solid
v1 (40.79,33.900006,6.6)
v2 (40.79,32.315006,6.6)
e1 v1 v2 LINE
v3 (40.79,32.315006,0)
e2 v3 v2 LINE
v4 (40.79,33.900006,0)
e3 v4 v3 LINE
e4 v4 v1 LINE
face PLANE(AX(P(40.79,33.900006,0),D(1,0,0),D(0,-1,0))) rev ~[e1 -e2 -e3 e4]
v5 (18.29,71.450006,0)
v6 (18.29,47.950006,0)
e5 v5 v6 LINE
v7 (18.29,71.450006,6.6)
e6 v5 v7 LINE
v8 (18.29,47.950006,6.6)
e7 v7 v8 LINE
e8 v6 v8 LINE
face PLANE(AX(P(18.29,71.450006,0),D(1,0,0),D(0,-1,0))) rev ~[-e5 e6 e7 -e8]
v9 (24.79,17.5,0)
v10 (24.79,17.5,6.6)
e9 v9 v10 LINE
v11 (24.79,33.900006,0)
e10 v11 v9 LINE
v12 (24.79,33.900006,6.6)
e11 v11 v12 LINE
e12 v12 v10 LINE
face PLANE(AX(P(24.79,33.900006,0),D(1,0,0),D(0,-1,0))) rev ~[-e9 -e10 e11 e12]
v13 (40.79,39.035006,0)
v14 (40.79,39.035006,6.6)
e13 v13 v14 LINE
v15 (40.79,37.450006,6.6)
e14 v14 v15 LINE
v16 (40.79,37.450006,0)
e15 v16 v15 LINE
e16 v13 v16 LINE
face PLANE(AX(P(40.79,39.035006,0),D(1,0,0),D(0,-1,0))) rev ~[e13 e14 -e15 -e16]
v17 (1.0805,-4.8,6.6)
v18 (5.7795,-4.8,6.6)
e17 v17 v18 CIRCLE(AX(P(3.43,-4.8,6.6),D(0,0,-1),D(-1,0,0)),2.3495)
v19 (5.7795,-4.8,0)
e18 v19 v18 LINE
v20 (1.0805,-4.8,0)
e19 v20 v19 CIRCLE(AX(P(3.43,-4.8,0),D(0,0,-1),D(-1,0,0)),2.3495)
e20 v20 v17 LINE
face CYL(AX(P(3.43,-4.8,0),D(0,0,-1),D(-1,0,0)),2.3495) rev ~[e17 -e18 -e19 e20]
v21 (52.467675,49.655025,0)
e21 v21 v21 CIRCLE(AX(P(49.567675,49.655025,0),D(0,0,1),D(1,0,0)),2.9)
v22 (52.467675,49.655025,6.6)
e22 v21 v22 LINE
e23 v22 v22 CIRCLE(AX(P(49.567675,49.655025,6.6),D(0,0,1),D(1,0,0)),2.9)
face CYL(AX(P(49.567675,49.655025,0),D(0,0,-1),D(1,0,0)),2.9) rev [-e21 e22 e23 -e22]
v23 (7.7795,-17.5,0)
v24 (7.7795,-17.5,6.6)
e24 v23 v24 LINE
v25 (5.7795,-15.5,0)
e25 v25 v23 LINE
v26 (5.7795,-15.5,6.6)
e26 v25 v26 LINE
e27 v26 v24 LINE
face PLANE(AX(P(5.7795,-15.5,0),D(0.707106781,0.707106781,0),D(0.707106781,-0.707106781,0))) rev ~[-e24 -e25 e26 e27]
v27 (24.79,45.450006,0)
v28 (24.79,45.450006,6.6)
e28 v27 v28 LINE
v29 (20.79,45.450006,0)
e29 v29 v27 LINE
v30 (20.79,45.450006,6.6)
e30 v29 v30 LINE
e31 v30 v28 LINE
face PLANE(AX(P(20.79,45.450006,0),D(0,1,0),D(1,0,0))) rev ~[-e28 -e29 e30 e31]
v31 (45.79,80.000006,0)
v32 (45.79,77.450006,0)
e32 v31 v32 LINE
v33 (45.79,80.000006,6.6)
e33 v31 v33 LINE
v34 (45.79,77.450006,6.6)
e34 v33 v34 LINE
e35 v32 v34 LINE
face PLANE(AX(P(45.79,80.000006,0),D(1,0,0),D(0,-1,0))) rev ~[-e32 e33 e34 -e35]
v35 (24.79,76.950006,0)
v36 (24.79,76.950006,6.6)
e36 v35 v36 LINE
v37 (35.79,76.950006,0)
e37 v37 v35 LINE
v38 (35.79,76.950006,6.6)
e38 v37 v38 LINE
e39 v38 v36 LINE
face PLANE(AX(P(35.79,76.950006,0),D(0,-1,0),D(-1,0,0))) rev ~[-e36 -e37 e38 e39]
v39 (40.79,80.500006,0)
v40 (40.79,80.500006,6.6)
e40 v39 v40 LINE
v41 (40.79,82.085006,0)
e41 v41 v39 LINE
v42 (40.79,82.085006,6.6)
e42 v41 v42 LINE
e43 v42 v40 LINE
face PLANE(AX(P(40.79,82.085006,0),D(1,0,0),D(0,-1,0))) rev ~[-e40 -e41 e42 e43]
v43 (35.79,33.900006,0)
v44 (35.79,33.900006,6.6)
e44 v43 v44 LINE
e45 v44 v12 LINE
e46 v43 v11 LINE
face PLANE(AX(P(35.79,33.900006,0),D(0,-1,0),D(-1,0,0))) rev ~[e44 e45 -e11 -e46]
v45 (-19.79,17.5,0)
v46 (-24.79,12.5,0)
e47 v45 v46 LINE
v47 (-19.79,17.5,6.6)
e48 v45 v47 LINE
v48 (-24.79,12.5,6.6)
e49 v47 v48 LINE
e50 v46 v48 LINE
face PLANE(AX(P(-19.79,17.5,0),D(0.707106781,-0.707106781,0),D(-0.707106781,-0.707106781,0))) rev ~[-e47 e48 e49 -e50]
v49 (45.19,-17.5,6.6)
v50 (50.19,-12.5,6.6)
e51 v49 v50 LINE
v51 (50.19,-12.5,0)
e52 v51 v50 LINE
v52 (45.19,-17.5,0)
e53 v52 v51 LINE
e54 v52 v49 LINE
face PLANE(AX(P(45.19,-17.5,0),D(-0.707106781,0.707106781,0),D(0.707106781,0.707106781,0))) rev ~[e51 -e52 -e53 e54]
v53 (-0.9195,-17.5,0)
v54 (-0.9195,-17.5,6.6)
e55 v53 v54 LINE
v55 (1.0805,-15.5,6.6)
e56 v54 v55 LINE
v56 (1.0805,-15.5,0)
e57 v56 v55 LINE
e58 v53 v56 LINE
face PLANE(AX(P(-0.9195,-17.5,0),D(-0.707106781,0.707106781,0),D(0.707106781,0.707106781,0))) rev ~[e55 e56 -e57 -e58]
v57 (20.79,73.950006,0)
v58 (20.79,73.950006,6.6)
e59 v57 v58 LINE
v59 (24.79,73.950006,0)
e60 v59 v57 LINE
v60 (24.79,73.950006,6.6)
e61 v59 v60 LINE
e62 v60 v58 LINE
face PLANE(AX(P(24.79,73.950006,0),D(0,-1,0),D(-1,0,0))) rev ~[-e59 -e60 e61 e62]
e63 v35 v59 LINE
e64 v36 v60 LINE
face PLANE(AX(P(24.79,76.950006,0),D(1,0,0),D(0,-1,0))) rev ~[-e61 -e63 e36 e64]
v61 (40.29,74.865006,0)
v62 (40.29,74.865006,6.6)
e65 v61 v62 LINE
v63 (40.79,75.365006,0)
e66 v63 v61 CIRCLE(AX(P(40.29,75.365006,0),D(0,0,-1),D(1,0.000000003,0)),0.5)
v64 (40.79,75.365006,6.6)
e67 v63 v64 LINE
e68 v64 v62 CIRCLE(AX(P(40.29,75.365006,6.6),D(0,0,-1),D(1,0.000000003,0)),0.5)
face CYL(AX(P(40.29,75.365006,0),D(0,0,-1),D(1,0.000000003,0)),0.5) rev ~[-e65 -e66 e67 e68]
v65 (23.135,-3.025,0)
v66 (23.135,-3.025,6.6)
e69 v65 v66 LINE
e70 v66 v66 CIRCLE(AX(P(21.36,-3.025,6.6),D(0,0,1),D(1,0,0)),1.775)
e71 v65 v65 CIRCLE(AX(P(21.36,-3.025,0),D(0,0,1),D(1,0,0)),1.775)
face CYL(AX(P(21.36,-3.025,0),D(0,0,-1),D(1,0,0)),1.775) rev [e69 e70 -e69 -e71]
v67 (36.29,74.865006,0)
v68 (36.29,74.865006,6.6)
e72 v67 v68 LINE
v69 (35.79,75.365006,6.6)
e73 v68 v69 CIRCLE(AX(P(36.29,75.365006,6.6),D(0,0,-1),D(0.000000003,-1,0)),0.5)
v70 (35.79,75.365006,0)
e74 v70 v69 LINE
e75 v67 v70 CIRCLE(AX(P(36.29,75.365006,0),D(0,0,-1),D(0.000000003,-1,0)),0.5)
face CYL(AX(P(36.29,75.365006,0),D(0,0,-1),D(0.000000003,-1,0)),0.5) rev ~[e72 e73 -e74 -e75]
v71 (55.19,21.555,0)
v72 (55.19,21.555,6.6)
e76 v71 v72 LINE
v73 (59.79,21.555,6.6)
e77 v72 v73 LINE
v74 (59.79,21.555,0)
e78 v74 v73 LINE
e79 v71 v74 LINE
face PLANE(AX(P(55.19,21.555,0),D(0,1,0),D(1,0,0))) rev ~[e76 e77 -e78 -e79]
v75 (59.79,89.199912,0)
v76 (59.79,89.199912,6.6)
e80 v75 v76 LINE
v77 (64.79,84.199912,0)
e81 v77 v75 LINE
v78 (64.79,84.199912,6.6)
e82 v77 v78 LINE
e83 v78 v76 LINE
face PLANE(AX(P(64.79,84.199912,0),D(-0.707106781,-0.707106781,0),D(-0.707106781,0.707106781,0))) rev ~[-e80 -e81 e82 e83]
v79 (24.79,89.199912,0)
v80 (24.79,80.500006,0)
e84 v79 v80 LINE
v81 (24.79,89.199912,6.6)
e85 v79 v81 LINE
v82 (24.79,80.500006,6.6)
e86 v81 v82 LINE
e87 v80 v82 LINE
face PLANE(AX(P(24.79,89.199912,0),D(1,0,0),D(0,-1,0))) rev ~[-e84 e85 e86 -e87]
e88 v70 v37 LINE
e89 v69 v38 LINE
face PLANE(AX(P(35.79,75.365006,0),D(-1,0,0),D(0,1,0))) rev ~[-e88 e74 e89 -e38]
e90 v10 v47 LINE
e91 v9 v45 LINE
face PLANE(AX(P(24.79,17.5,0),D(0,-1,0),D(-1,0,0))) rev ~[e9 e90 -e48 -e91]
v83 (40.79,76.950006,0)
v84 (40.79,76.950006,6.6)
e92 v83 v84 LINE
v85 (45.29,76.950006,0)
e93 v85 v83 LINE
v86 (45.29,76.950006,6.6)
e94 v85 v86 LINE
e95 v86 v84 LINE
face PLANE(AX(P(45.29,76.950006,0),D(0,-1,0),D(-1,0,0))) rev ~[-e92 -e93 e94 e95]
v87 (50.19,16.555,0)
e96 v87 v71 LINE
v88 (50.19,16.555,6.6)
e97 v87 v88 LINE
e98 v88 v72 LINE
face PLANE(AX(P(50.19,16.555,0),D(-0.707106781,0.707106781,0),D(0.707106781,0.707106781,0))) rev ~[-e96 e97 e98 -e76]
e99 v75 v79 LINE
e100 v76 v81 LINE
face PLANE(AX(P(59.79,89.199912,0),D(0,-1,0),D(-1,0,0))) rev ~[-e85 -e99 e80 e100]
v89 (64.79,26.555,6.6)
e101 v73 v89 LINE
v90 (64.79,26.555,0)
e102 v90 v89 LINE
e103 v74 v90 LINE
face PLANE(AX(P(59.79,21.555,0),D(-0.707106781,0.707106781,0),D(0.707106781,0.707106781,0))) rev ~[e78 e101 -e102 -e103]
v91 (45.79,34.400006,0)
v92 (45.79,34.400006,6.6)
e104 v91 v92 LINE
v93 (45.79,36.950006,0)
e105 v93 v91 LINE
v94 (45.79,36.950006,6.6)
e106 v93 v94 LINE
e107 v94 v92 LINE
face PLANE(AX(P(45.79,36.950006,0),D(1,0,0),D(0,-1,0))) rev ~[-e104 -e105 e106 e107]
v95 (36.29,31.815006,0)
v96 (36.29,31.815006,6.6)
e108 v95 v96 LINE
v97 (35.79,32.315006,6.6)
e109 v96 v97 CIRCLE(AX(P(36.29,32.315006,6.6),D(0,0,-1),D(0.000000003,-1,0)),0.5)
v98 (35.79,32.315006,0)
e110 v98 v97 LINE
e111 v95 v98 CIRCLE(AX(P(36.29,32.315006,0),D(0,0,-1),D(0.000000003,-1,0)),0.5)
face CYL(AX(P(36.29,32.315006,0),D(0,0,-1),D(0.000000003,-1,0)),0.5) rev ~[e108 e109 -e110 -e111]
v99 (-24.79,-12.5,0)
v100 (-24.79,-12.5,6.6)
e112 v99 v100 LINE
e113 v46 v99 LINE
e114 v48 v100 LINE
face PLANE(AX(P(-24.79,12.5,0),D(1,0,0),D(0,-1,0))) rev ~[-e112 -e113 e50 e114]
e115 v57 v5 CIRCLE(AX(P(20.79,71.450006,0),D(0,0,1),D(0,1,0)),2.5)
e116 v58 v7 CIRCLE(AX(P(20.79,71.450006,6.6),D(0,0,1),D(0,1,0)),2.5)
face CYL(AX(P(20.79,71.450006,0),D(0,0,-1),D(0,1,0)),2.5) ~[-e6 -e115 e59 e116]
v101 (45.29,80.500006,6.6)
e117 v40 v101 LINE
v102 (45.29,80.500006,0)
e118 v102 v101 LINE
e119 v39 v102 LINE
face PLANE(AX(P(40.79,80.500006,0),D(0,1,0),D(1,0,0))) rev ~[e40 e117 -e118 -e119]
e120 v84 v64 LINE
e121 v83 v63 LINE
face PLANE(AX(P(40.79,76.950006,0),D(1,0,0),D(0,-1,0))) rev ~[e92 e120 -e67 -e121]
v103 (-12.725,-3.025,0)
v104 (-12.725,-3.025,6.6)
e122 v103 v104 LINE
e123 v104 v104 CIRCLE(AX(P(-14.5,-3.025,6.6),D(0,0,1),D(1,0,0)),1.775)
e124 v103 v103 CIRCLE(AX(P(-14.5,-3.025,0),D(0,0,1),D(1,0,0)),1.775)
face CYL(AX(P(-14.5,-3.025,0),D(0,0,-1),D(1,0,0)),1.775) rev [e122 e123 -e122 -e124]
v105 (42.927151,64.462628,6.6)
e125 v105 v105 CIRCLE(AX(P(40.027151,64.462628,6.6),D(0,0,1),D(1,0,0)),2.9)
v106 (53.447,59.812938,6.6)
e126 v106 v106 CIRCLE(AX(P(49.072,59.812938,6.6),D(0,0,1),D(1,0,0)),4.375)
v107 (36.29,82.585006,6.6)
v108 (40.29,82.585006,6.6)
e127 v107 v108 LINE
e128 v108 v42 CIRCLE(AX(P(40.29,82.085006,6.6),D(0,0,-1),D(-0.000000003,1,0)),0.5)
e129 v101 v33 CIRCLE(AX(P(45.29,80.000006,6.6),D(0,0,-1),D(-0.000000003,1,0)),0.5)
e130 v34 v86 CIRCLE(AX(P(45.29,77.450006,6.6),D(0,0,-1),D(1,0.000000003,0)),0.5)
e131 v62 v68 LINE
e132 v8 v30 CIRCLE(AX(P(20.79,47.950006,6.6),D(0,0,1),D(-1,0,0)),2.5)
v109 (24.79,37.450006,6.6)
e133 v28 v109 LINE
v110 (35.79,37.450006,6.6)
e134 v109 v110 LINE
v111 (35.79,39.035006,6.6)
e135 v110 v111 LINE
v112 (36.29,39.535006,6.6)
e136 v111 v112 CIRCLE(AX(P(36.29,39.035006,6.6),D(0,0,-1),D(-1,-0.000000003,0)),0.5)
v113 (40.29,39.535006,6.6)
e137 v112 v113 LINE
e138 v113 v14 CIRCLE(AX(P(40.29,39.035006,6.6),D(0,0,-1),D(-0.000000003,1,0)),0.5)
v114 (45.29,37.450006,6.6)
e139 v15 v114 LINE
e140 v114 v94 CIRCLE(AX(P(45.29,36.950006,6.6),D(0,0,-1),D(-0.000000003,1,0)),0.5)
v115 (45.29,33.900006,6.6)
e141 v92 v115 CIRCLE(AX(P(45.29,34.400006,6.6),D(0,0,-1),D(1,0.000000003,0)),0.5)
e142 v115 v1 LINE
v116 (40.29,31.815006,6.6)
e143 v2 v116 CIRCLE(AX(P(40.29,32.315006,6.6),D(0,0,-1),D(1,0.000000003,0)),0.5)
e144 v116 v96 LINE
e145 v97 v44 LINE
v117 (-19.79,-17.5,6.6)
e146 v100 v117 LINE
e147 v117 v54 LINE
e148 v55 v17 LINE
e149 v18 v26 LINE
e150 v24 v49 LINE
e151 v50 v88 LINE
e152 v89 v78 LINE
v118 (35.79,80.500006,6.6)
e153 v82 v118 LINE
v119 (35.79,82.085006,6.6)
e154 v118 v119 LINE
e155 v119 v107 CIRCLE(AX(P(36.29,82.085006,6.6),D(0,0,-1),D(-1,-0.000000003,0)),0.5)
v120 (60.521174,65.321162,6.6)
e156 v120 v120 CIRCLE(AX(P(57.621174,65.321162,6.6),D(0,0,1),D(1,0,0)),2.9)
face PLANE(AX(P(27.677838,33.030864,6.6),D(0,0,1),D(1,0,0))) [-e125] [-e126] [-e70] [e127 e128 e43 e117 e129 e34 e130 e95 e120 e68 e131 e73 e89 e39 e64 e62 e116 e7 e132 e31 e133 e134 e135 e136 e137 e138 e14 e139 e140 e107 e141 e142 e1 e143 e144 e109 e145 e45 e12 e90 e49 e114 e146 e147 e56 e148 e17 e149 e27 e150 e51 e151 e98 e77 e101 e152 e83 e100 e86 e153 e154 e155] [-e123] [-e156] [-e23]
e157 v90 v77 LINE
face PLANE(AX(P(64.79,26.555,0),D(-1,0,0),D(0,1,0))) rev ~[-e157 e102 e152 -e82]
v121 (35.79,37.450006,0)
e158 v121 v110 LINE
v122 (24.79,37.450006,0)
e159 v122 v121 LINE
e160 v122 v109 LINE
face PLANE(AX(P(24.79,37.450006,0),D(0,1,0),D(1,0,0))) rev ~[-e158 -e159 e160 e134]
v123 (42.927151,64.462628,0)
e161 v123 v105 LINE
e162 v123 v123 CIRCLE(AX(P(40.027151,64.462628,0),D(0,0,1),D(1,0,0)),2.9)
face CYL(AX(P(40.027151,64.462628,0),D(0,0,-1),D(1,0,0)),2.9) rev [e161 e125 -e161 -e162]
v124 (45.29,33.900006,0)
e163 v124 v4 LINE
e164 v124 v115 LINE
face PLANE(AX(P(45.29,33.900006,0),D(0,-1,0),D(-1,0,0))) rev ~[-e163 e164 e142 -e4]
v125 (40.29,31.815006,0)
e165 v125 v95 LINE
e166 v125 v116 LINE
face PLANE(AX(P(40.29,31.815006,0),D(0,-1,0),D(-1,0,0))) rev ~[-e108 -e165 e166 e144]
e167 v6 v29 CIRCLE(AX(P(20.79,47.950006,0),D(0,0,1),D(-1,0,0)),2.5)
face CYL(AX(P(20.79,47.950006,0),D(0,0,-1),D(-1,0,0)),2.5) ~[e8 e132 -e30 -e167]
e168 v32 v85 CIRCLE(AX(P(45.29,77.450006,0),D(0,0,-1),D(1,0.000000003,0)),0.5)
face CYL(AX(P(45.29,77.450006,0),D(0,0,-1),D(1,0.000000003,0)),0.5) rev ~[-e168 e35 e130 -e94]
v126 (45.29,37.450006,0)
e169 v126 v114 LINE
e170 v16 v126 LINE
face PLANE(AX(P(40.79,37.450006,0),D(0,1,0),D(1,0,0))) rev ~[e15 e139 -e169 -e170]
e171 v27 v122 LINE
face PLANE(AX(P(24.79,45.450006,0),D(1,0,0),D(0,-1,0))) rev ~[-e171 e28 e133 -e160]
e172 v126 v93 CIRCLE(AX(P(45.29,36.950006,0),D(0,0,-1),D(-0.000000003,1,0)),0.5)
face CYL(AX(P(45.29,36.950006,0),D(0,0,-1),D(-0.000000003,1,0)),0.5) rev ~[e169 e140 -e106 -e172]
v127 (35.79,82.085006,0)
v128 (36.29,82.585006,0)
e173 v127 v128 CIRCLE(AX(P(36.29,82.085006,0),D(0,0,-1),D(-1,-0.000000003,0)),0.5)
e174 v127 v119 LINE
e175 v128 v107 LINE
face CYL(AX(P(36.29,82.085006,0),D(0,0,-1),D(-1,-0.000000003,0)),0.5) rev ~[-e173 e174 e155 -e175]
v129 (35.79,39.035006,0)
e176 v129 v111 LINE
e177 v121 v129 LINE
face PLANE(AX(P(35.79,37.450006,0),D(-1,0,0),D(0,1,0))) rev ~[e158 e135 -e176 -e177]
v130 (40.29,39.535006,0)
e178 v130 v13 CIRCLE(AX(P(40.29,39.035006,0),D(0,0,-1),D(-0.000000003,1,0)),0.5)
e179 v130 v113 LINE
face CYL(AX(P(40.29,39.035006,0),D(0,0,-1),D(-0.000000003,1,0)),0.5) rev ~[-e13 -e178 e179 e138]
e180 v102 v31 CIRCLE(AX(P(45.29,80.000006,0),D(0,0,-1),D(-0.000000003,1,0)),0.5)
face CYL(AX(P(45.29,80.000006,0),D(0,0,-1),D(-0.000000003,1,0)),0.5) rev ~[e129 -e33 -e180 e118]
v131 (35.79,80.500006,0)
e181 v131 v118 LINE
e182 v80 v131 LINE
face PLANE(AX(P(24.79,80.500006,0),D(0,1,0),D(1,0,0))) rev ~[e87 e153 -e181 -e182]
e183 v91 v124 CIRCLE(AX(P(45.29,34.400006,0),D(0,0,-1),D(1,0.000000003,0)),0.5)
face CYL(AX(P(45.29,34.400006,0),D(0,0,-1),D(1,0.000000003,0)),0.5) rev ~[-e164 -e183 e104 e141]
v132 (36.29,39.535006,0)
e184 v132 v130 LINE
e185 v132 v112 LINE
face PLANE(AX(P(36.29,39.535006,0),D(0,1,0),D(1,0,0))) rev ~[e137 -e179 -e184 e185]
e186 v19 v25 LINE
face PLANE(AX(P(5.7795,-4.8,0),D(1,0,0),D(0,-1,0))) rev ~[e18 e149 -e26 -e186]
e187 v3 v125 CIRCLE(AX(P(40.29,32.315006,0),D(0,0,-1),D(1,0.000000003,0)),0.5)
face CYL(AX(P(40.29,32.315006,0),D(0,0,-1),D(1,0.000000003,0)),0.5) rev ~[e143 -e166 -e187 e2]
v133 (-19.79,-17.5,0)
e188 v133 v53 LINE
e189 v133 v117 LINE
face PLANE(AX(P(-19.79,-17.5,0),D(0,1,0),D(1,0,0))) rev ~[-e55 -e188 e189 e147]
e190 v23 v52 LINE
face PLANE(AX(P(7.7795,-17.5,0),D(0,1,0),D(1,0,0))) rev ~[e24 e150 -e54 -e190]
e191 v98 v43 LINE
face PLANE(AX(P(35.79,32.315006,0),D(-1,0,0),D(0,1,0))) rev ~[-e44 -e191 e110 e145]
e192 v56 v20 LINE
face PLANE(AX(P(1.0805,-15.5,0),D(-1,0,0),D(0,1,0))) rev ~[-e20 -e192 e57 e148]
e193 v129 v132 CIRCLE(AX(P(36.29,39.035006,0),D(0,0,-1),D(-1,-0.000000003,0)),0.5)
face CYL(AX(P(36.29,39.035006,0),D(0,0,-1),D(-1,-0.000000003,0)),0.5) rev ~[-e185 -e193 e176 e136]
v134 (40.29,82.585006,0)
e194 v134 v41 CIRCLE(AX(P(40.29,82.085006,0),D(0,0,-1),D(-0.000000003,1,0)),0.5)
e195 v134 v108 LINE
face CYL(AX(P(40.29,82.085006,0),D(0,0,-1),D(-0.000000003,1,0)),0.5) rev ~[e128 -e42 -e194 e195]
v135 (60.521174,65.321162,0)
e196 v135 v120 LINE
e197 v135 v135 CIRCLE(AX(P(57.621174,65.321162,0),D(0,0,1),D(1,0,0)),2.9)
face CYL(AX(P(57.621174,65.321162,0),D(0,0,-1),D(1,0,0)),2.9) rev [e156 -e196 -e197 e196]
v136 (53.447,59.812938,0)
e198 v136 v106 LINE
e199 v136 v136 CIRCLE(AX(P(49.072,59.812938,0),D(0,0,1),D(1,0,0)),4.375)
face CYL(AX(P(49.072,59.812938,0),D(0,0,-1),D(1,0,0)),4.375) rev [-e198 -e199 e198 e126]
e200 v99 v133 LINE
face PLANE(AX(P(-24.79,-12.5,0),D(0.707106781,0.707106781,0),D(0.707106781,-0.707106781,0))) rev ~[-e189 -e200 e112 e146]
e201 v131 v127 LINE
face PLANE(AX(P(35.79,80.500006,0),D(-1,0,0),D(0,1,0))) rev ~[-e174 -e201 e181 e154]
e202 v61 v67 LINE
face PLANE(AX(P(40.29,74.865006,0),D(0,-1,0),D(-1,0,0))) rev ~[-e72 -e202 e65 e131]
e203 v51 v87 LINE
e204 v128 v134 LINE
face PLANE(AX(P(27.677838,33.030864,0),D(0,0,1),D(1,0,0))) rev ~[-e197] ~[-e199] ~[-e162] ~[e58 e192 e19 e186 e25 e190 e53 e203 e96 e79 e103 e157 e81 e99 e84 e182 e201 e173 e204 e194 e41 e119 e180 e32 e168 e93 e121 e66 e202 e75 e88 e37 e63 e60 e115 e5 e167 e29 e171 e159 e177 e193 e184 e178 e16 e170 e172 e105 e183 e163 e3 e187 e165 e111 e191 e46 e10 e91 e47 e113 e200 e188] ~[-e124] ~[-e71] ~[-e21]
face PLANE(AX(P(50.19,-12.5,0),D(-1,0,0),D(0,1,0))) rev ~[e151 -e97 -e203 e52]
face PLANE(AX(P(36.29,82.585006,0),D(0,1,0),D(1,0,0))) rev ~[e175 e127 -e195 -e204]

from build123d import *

# Parameters (mm, degrees)
MODEL_R             = 4.375
MODEL_R_2           = 2.9
MODEL_R_3           = 1.775
BOSS_EXTRUDE1_DEPTH = 6.6


with BuildPart() as part:
    # Model → Boss-Extrude1 (new body)
    with BuildSketch(Plane.XY):
        with BuildLine():
            Line((-24.79, -12.5), (-19.79, -17.5))
            Line((-19.79, -17.5), (-0.9195, -17.5))
            Line((-0.9195, -17.5), (1.0805, -15.5))
            Line((1.0805, -15.5), (1.0805, -4.8))
            ThreePointArc((1.0805, -4.8), (3.43, -2.4505), (5.7795, -4.8))
            Line((5.7795, -4.8), (5.7795, -15.5))
            Line((5.7795, -15.5), (7.7795, -17.5))
            Line((7.7795, -17.5), (45.19, -17.5))
            Line((45.19, -17.5), (50.19, -12.5))
            Line((50.19, -12.5), (50.19, 16.555))
            Line((50.19, 16.555), (55.19, 21.555))
            Line((55.19, 21.555), (59.79, 21.555))
            Line((59.79, 21.555), (64.79, 26.555))
            Line((64.79, 26.555), (64.79, 84.19991216))
            Line((64.79, 84.19991216), (59.79, 89.19991216))
            Line((59.79, 89.19991216), (24.79, 89.19991216))
            Line((24.79, 89.19991216), (24.79, 80.500006241))
            Line((24.79, 80.500006241), (35.79, 80.500006241))
            Line((35.79, 80.500006241), (35.79, 82.085006241))
            ThreePointArc((35.79, 82.085006241), (35.936446609, 82.438559632), (36.29, 82.585006241))
            Line((36.29, 82.585006241), (40.29, 82.585006241))
            ThreePointArc((40.29, 82.585006241), (40.643553391, 82.438559632), (40.79, 82.085006241))
            Line((40.79, 82.085006241), (40.79, 80.500006241))
            Line((40.79, 80.500006241), (45.29, 80.500006241))
            ThreePointArc((45.29, 80.500006241), (45.643553391, 80.353559632), (45.79, 80.000006241))
            Line((45.79, 80.000006241), (45.79, 77.450006241))
            ThreePointArc((45.79, 77.450006241), (45.643553391, 77.09645285), (45.29, 76.950006241))
            Line((45.29, 76.950006241), (40.79, 76.950006241))
            Line((40.79, 76.950006241), (40.79, 75.365006241))
            ThreePointArc((40.79, 75.365006241), (40.643553391, 75.01145285), (40.29, 74.865006241))
            Line((40.29, 74.865006241), (36.29, 74.865006241))
            ThreePointArc((36.29, 74.865006241), (35.936446609, 75.01145285), (35.79, 75.365006241))
            Line((35.79, 75.365006241), (35.79, 76.950006241))
            Line((35.79, 76.950006241), (24.79, 76.950006241))
            Line((24.79, 76.950006241), (24.79, 73.950006241))
            Line((24.79, 73.950006241), (20.79, 73.950006241))
            ThreePointArc((20.79, 73.950006241), (19.022233047, 73.217773194), (18.29, 71.450006241))
            Line((18.29, 71.450006241), (18.29, 47.950006241))
            ThreePointArc((18.29, 47.950006241), (19.022233047, 46.182239288), (20.79, 45.450006241))
            Line((20.79, 45.450006241), (24.79, 45.450006241))
            Line((24.79, 45.450006241), (24.79, 37.450006241))
            Line((24.79, 37.450006241), (35.79, 37.450006241))
            Line((35.79, 37.450006241), (35.79, 39.035006241))
            ThreePointArc((35.79, 39.035006241), (35.936446609, 39.388559632), (36.29, 39.535006241))
            Line((36.29, 39.535006241), (40.29, 39.535006241))
            ThreePointArc((40.29, 39.535006241), (40.643553391, 39.388559632), (40.79, 39.035006241))
            Line((40.79, 39.035006241), (40.79, 37.450006241))
            Line((40.79, 37.450006241), (45.29, 37.450006241))
            ThreePointArc((45.29, 37.450006241), (45.643553391, 37.303559632), (45.79, 36.950006241))
            Line((45.79, 36.950006241), (45.79, 34.400006241))
            ThreePointArc((45.79, 34.400006241), (45.643553391, 34.04645285), (45.29, 33.900006241))
            Line((45.29, 33.900006241), (40.79, 33.900006241))
            Line((40.79, 33.900006241), (40.79, 32.315006241))
            ThreePointArc((40.79, 32.315006241), (40.643553391, 31.96145285), (40.29, 31.815006241))
            Line((40.29, 31.815006241), (36.29, 31.815006241))
            ThreePointArc((36.29, 31.815006241), (35.936446609, 31.96145285), (35.79, 32.315006241))
            Line((35.79, 32.315006241), (35.79, 33.900006241))
            Line((35.79, 33.900006241), (24.79, 33.900006241))
            Line((24.79, 33.900006241), (24.79, 17.5))
            Line((24.79, 17.5), (-19.79, 17.5))
            Line((-19.79, 17.5), (-24.79, 12.5))
            Line((-24.79, 12.5), (-24.79, -12.5))
        make_face()
        with Locations((49.071999999, 59.812938251)):
            Circle(MODEL_R, mode=Mode.SUBTRACT)
        with Locations((57.621173682, 65.321162043)):
            Circle(MODEL_R_2, mode=Mode.SUBTRACT)
        with Locations((40.027151425, 64.462627946)):
            Circle(MODEL_R_2, mode=Mode.SUBTRACT)
        with Locations((49.567674891, 49.655024765)):
            Circle(MODEL_R_2, mode=Mode.SUBTRACT)
        with Locations((-14.5, -3.025)):
            Circle(MODEL_R_3, mode=Mode.SUBTRACT)
        with Locations((21.36, -3.025)):
            Circle(MODEL_R_3, mode=Mode.SUBTRACT)
    extrude(amount=BOSS_EXTRUDE1_DEPTH)


solid = part.part
